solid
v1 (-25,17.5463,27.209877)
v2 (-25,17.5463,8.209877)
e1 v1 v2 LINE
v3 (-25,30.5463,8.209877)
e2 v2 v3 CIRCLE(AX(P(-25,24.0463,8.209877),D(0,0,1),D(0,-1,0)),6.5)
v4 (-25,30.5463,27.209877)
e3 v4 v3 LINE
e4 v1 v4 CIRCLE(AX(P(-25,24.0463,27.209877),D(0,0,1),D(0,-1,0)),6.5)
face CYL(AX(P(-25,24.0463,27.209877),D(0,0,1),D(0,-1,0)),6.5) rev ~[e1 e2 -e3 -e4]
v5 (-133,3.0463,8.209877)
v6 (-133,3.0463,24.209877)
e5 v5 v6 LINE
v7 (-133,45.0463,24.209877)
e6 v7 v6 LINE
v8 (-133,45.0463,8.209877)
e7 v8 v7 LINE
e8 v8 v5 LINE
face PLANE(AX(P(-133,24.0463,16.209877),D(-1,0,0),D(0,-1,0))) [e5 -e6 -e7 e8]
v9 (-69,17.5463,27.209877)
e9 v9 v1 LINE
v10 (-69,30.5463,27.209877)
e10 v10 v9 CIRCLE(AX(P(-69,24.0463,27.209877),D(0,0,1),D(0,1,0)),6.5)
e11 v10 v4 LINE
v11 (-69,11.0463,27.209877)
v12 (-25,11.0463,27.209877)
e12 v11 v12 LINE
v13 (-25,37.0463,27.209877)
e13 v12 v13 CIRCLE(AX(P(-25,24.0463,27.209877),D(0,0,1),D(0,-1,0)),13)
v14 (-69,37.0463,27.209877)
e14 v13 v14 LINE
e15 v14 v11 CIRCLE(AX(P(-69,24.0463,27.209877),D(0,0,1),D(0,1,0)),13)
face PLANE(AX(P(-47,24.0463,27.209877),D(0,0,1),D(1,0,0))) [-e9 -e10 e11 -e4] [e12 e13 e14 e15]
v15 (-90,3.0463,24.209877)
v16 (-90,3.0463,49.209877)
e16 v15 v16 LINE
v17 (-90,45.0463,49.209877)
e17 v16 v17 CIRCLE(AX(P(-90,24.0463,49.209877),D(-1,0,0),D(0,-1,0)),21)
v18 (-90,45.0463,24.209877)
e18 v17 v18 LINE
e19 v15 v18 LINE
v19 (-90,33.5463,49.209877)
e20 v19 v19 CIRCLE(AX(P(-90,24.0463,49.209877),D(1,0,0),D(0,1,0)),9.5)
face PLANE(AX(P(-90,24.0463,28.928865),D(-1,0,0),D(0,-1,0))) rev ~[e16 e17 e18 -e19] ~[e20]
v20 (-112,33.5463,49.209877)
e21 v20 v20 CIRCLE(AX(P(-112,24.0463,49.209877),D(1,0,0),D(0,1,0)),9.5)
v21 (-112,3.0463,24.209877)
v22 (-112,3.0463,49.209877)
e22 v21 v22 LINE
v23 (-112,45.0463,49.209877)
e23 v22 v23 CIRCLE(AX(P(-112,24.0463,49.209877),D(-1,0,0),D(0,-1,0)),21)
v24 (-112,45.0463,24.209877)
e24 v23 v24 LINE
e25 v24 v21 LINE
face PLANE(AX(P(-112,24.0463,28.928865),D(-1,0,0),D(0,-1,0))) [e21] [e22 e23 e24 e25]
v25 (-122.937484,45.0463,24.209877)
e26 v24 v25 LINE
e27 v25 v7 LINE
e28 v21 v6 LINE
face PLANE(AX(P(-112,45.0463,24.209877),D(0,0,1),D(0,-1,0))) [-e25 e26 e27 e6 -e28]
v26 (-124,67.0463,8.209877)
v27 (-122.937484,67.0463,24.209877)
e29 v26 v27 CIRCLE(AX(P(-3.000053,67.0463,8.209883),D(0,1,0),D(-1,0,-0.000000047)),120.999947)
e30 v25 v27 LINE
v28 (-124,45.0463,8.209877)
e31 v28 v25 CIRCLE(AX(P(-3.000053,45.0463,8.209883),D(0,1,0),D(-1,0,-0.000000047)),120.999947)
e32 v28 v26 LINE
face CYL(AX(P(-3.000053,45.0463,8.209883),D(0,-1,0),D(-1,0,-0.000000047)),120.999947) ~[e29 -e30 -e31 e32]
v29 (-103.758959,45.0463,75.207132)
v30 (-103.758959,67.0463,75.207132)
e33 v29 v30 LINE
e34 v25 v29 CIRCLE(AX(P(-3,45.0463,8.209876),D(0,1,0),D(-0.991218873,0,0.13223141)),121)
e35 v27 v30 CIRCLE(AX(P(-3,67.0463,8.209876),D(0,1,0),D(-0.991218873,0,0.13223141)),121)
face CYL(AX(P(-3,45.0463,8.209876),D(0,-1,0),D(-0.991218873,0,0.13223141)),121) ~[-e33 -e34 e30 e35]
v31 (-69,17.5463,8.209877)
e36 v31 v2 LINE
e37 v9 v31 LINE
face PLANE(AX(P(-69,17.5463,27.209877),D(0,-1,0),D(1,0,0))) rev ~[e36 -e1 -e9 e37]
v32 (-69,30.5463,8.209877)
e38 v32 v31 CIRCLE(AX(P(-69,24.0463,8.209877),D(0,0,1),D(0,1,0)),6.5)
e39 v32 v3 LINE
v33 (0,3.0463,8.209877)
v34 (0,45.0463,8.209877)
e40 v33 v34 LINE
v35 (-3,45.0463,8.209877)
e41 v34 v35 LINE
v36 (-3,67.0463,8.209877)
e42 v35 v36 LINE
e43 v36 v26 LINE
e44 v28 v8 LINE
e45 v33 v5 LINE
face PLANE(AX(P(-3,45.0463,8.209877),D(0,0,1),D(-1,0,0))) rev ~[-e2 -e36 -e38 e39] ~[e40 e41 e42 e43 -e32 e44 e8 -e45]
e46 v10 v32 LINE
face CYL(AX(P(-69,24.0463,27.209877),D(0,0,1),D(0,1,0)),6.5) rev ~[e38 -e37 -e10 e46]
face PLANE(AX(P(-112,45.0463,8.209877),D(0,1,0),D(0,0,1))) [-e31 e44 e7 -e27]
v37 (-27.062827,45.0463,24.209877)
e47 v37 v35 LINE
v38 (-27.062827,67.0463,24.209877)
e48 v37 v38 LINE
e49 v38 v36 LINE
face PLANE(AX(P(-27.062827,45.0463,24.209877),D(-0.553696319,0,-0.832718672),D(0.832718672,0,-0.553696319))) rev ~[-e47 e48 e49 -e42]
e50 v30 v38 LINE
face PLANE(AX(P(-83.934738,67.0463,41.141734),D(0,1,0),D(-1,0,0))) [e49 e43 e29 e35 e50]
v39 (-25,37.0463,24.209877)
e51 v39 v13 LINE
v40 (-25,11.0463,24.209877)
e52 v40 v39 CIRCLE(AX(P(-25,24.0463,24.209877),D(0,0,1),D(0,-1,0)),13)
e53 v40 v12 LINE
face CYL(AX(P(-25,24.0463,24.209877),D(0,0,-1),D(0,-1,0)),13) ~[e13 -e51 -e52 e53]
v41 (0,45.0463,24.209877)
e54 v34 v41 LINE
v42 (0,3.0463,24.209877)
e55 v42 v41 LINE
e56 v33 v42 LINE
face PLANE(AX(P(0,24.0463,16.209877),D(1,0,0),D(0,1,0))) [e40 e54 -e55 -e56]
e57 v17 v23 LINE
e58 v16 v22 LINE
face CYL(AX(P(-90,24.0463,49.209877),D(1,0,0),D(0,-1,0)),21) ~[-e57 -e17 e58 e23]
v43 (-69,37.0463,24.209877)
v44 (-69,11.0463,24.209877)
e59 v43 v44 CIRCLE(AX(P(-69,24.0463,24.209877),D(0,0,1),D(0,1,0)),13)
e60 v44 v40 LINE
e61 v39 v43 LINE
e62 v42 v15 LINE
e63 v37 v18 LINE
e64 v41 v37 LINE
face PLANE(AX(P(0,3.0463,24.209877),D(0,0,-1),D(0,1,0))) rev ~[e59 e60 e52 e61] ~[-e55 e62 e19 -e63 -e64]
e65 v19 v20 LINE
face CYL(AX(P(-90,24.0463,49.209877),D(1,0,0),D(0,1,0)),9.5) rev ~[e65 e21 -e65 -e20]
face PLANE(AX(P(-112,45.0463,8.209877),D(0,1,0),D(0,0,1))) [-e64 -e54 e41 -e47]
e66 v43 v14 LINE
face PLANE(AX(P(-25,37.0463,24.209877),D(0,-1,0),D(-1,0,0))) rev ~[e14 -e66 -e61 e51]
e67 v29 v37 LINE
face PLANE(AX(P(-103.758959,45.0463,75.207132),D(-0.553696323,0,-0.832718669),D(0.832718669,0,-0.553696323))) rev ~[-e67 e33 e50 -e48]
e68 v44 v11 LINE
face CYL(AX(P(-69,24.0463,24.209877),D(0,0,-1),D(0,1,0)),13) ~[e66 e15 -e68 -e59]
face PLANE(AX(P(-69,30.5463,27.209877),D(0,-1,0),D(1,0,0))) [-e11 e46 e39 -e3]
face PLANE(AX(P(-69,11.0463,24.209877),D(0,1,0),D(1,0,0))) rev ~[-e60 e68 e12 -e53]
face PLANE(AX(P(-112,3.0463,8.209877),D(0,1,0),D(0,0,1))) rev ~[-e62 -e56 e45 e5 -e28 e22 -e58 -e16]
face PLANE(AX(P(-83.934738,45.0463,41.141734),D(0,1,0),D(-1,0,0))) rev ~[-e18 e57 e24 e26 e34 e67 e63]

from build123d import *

# Parameters (mm, degrees)
F0_W      = 42
F0_H      = 16
F1_DEPTH  = 90
F3_DEPTH  = 22
F4_W      = 42
F4_H      = 16
F5_DEPTH  = 21
F7_DEPTH  = 3
F8_W      = 44
F8_H      = 13
F9_DEPTH  = 19
F11_DEPTH = 22


with BuildPart() as f1:
    # F0 (on Right) → F1 (new body)
    with BuildSketch(Plane.YZ):
        with Locations((24.0463, 16.209877)):
            Rectangle(F0_W, F0_H)
    extrude(amount=-F1_DEPTH)

    # F2 (on face) → F3 (join)
    with BuildSketch(Plane(origin=(-90, 0, 0), x_dir=(0, -1, 0), z_dir=(-1, 0, 0))):
        with BuildLine():
            Line((-45.0463, 49.209877), (-45.0463, 24.209877))
            Line((-45.0463, 24.209877), (-45.0463, 8.209877))
            Line((-45.0463, 8.209877), (-3.0463, 8.209877))
            Line((-3.0463, 8.209877), (-3.0463, 24.209877))
            Line((-3.0463, 24.209877), (-3.0463, 49.209877))
            Line((-3.0463, 49.209877), (-14.5463, 49.209877))
            ThreePointArc((-14.5463, 49.209877), (-24.0463, 39.709877), (-33.5463, 49.209877))
            Line((-33.5463, 49.209877), (-45.0463, 49.209877))
        make_face()
        with BuildLine():
            ThreePointArc((-3.0463, 49.209877), (-24.0463, 70.209877), (-45.0463, 49.209877))
            Line((-45.0463, 49.209877), (-33.5463, 49.209877))
            ThreePointArc((-33.5463, 49.209877), (-24.0463, 58.709877), (-14.5463, 49.209877))
            Line((-14.5463, 49.209877), (-3.0463, 49.209877))
        make_face()
    extrude(amount=F3_DEPTH)

    # F4 (on face) → F5 (join)
    with BuildSketch(Plane(origin=(-112, 0, 0), x_dir=(0, -1, 0), z_dir=(-1, 0, 0))):
        with Locations((-24.0463, 16.209877)):
            Rectangle(F4_W, F4_H)
    extrude(amount=F5_DEPTH)

    # F6 (on face) → F7 (join)
    with BuildSketch(Plane.XY.offset(24.209877)):
        with BuildLine():
            Line((-69, 11.0463), (-25, 11.0463))
            ThreePointArc((-25, 11.0463), (-12, 24.0463), (-25, 37.0463))
            Line((-25, 37.0463), (-69, 37.0463))
            ThreePointArc((-69, 37.0463), (-82, 24.0463), (-69, 11.0463))
        make_face()
    extrude(amount=F7_DEPTH)

    # F8 (on face) → F9 (cut)
    with BuildSketch(Plane.XY.offset(27.209877)):
        with Locations((-47, 24.0463)):
            Rectangle(F8_W, F8_H)
        with BuildLine():
            Line((-69, 17.5463), (-69, 30.5463))
            ThreePointArc((-69, 30.5463), (-75.5, 24.0463), (-69, 17.5463))
        make_face()
        with BuildLine():
            ThreePointArc((-25, 17.5463), (-18.5, 24.0463), (-25, 30.5463))
            Line((-25, 30.5463), (-25, 17.5463))
        make_face()
    extrude(amount=-F9_DEPTH, mode=Mode.SUBTRACT)

    # F10 (on face) → F11 (join)
    with BuildSketch(Plane(origin=(0, 45.0463, 0), x_dir=(-1, 0, 0), z_dir=(0, 1, 0))):
        with BuildLine():
            ThreePointArc((122.937484, 24.209877), (116.255949, 50.802013), (103.758959, 75.207132))
            Line((103.758959, 75.207132), (27.062827, 24.209877))
            Line((27.062827, 24.209877), (90, 24.209877))
            Line((90, 24.209877), (90, 49.209877))
            Line((90, 49.209877), (112, 49.209877))
            Line((112, 49.209877), (112, 24.209877))
            Line((112, 24.209877), (122.937484, 24.209877))
        make_face()
        with BuildLine():
            ThreePointArc((124, 8.209877), (123.734079, 16.227497), (122.937484, 24.209877))
            Line((122.937484, 24.209877), (112, 24.209877))
            Line((112, 24.209877), (112, 49.209877))
            Line((112, 49.209877), (90, 49.209877))
            Line((90, 49.209877), (90, 24.209877))
            Line((90, 24.209877), (27.062827, 24.209877))
            Line((27.062827, 24.209877), (3, 8.209877))
            Line((3, 8.209877), (124, 8.209877))
        make_face()
    extrude(amount=F11_DEPTH)


solid = f1.part
